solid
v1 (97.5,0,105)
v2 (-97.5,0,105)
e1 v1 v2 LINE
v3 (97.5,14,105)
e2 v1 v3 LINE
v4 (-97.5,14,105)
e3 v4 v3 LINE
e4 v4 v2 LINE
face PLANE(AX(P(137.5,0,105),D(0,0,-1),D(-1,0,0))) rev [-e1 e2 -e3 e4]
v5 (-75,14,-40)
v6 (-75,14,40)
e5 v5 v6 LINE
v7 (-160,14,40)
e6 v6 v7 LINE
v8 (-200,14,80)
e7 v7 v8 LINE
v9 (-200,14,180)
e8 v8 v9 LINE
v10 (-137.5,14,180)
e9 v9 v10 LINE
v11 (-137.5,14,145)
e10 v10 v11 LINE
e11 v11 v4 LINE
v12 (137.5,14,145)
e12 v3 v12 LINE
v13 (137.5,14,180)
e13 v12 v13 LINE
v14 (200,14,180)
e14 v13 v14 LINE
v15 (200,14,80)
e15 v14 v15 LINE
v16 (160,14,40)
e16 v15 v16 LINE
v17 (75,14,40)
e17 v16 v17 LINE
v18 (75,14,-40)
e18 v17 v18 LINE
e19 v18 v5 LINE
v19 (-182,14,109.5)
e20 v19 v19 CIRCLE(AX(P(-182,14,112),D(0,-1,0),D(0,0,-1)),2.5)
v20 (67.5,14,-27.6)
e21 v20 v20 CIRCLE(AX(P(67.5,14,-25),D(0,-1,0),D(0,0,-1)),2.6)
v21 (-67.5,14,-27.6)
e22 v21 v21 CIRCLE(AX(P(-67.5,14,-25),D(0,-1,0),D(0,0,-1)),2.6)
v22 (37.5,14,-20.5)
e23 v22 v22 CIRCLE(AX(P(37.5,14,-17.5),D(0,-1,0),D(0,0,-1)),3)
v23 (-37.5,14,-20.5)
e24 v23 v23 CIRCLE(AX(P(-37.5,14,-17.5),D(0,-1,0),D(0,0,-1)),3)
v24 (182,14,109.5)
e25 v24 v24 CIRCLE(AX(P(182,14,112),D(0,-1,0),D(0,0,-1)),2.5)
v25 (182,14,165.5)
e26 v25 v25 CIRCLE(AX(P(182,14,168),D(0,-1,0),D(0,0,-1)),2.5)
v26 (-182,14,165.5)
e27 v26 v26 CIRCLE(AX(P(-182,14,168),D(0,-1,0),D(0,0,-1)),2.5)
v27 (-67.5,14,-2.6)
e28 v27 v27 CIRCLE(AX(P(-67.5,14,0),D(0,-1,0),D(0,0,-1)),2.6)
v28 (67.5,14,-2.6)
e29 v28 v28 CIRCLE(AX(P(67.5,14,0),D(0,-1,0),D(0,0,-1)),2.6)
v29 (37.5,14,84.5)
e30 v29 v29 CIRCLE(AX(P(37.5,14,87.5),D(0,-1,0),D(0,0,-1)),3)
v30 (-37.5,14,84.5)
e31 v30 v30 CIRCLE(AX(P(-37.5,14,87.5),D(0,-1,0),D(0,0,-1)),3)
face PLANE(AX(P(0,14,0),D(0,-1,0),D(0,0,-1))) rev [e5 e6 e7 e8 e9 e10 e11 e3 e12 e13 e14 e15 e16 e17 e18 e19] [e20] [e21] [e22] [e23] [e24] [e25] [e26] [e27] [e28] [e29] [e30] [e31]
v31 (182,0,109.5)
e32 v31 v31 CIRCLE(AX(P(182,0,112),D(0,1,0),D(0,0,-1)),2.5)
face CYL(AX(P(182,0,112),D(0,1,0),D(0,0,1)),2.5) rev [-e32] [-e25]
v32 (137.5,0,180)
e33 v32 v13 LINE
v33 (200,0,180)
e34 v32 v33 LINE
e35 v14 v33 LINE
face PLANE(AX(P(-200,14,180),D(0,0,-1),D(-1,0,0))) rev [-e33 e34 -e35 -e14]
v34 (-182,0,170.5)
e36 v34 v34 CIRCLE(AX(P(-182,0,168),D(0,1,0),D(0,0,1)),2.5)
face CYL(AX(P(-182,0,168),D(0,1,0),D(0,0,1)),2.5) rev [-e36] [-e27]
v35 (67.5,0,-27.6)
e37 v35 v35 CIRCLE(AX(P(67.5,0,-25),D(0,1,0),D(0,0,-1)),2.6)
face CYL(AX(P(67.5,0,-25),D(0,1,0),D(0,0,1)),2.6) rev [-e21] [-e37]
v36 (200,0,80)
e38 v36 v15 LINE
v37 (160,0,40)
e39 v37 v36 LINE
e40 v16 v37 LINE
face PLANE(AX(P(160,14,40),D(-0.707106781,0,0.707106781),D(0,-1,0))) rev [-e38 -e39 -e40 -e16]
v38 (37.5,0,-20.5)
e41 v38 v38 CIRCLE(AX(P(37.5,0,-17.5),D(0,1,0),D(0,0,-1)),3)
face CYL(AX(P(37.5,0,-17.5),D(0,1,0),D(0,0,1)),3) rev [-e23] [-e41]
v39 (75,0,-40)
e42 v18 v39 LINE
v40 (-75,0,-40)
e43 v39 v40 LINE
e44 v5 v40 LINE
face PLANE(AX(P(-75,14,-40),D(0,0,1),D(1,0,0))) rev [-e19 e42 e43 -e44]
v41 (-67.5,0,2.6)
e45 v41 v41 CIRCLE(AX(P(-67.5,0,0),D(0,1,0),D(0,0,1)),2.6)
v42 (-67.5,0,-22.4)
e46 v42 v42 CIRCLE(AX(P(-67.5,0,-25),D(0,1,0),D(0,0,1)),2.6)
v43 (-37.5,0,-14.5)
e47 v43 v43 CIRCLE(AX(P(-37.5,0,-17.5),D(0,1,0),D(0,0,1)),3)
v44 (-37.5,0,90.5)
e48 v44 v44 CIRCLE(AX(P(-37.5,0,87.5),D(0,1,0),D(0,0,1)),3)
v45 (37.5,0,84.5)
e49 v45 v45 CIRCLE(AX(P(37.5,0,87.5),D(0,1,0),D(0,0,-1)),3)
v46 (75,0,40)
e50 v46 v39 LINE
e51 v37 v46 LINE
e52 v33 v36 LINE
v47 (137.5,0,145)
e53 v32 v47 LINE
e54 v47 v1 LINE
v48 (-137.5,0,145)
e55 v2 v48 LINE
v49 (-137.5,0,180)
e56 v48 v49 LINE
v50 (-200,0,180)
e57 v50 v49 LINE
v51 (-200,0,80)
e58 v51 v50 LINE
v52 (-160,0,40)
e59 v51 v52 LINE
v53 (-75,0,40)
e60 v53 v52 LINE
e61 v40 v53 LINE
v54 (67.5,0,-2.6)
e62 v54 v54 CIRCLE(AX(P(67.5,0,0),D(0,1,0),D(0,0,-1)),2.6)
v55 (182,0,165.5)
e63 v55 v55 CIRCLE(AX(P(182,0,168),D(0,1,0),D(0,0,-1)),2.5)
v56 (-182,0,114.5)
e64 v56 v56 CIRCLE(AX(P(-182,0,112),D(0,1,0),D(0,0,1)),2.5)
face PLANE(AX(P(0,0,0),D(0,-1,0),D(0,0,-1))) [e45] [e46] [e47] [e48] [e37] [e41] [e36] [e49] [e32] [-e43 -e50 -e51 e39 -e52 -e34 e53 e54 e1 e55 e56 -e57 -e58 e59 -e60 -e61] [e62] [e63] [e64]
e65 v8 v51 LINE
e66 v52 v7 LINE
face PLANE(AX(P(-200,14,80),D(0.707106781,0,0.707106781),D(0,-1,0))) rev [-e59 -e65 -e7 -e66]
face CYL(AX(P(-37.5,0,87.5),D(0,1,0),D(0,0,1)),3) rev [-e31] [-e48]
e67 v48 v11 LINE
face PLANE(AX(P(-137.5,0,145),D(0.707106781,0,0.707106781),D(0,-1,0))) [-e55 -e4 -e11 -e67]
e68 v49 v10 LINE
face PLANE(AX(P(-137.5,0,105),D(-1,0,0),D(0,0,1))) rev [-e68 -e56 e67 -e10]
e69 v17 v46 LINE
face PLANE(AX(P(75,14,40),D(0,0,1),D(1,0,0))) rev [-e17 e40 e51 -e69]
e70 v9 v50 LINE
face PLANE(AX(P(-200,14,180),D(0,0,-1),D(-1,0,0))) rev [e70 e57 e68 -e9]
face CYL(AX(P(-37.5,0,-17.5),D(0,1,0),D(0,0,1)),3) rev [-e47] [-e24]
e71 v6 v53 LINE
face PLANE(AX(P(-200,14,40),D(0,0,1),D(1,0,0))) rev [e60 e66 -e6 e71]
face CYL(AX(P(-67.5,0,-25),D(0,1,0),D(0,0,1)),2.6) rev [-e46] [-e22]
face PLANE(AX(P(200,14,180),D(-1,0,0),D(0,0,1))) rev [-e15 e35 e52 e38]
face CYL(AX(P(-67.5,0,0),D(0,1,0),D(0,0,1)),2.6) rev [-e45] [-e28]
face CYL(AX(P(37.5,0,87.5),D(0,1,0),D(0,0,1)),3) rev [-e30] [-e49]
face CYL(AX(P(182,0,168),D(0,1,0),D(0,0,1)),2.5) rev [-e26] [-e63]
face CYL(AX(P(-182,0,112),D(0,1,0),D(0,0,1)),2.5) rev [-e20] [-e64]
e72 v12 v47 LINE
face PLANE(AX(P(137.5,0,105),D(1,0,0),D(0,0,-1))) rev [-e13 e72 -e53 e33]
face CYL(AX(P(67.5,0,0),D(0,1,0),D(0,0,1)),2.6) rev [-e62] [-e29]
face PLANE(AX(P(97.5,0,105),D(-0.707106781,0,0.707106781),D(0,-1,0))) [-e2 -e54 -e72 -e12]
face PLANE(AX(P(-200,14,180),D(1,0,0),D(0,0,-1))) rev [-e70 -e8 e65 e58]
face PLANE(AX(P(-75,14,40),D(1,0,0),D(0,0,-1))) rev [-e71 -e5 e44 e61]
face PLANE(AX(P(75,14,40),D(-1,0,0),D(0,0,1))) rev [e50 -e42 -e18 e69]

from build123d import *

# Parameters (mm, degrees)
BOSS_EXTRUDE1_DEPTH     = 14
SKETCH2_R               = 2.6
SKETCH2_R_2             = 2.5
SKETCH2_R_3             = 3
SKETCH2_W               = 275
SKETCH2_H               = 75
CUT_EXTRUDE1_DEPTH      = 1
CUT_EXTRUDE1_DEPTH_BACK = 15
CHAMFER1_SIZE           = 40


with BuildPart() as part:
    # Sketch1 → Boss-Extrude1 (new body)
    with BuildSketch(Plane(origin=(0, 0, 0), x_dir=(1, 0, 0), z_dir=(0, 1, 0))):
        Polygon((-75, -40), (-75, 40), (75, 40), (75, -40), (200, -40), (200, -180), (-200, -180), (-200, -40), align=None)
    extrude(amount=BOSS_EXTRUDE1_DEPTH)

    # Sketch2 → Cut-Extrude1 (cut, two sides)
    with BuildSketch(Plane(origin=(0, 14, 0), x_dir=(1, 0, 0), z_dir=(0, 1, 0))) as cut_extrude1_sk:
        with Locations((-67.5, 25)):
            Circle(SKETCH2_R)
        with Locations((-67.5, 0)):
            Circle(SKETCH2_R)
        with Locations((-182, -168)):
            Circle(SKETCH2_R_2)
        with Locations((-182, -112)):
            Circle(SKETCH2_R_2)
        with Locations((-37.5, 17.5)):
            Circle(SKETCH2_R_3)
        with Locations((-37.5, -87.5)):
            Circle(SKETCH2_R_3)
        with Locations((37.5, -87.5)):
            Circle(SKETCH2_R_3)
        with Locations((37.5, 17.5)):
            Circle(SKETCH2_R_3)
        with Locations((182, -112)):
            Circle(SKETCH2_R_2)
        with Locations((182, -168)):
            Circle(SKETCH2_R_2)
        with Locations((67.5, 0)):
            Circle(SKETCH2_R)
        with Locations((67.5, 25)):
            Circle(SKETCH2_R)
        with Locations((0, -142.5)):
            Rectangle(SKETCH2_W, SKETCH2_H)
    extrude(amount=CUT_EXTRUDE1_DEPTH, mode=Mode.SUBTRACT)
    extrude(cut_extrude1_sk.sketch, amount=-CUT_EXTRUDE1_DEPTH_BACK, mode=Mode.SUBTRACT)

    # Chamfer1
    chamfer1_edges = [part.edges().sort_by_distance(p)[0] for p in [
        (200, 7, 40),
        (-200, 7, 40),
        (-137.5, 7, 105),
        (137.5, 7, 105),
    ]]
    chamfer(chamfer1_edges, length=CHAMFER1_SIZE)


solid = part.part
